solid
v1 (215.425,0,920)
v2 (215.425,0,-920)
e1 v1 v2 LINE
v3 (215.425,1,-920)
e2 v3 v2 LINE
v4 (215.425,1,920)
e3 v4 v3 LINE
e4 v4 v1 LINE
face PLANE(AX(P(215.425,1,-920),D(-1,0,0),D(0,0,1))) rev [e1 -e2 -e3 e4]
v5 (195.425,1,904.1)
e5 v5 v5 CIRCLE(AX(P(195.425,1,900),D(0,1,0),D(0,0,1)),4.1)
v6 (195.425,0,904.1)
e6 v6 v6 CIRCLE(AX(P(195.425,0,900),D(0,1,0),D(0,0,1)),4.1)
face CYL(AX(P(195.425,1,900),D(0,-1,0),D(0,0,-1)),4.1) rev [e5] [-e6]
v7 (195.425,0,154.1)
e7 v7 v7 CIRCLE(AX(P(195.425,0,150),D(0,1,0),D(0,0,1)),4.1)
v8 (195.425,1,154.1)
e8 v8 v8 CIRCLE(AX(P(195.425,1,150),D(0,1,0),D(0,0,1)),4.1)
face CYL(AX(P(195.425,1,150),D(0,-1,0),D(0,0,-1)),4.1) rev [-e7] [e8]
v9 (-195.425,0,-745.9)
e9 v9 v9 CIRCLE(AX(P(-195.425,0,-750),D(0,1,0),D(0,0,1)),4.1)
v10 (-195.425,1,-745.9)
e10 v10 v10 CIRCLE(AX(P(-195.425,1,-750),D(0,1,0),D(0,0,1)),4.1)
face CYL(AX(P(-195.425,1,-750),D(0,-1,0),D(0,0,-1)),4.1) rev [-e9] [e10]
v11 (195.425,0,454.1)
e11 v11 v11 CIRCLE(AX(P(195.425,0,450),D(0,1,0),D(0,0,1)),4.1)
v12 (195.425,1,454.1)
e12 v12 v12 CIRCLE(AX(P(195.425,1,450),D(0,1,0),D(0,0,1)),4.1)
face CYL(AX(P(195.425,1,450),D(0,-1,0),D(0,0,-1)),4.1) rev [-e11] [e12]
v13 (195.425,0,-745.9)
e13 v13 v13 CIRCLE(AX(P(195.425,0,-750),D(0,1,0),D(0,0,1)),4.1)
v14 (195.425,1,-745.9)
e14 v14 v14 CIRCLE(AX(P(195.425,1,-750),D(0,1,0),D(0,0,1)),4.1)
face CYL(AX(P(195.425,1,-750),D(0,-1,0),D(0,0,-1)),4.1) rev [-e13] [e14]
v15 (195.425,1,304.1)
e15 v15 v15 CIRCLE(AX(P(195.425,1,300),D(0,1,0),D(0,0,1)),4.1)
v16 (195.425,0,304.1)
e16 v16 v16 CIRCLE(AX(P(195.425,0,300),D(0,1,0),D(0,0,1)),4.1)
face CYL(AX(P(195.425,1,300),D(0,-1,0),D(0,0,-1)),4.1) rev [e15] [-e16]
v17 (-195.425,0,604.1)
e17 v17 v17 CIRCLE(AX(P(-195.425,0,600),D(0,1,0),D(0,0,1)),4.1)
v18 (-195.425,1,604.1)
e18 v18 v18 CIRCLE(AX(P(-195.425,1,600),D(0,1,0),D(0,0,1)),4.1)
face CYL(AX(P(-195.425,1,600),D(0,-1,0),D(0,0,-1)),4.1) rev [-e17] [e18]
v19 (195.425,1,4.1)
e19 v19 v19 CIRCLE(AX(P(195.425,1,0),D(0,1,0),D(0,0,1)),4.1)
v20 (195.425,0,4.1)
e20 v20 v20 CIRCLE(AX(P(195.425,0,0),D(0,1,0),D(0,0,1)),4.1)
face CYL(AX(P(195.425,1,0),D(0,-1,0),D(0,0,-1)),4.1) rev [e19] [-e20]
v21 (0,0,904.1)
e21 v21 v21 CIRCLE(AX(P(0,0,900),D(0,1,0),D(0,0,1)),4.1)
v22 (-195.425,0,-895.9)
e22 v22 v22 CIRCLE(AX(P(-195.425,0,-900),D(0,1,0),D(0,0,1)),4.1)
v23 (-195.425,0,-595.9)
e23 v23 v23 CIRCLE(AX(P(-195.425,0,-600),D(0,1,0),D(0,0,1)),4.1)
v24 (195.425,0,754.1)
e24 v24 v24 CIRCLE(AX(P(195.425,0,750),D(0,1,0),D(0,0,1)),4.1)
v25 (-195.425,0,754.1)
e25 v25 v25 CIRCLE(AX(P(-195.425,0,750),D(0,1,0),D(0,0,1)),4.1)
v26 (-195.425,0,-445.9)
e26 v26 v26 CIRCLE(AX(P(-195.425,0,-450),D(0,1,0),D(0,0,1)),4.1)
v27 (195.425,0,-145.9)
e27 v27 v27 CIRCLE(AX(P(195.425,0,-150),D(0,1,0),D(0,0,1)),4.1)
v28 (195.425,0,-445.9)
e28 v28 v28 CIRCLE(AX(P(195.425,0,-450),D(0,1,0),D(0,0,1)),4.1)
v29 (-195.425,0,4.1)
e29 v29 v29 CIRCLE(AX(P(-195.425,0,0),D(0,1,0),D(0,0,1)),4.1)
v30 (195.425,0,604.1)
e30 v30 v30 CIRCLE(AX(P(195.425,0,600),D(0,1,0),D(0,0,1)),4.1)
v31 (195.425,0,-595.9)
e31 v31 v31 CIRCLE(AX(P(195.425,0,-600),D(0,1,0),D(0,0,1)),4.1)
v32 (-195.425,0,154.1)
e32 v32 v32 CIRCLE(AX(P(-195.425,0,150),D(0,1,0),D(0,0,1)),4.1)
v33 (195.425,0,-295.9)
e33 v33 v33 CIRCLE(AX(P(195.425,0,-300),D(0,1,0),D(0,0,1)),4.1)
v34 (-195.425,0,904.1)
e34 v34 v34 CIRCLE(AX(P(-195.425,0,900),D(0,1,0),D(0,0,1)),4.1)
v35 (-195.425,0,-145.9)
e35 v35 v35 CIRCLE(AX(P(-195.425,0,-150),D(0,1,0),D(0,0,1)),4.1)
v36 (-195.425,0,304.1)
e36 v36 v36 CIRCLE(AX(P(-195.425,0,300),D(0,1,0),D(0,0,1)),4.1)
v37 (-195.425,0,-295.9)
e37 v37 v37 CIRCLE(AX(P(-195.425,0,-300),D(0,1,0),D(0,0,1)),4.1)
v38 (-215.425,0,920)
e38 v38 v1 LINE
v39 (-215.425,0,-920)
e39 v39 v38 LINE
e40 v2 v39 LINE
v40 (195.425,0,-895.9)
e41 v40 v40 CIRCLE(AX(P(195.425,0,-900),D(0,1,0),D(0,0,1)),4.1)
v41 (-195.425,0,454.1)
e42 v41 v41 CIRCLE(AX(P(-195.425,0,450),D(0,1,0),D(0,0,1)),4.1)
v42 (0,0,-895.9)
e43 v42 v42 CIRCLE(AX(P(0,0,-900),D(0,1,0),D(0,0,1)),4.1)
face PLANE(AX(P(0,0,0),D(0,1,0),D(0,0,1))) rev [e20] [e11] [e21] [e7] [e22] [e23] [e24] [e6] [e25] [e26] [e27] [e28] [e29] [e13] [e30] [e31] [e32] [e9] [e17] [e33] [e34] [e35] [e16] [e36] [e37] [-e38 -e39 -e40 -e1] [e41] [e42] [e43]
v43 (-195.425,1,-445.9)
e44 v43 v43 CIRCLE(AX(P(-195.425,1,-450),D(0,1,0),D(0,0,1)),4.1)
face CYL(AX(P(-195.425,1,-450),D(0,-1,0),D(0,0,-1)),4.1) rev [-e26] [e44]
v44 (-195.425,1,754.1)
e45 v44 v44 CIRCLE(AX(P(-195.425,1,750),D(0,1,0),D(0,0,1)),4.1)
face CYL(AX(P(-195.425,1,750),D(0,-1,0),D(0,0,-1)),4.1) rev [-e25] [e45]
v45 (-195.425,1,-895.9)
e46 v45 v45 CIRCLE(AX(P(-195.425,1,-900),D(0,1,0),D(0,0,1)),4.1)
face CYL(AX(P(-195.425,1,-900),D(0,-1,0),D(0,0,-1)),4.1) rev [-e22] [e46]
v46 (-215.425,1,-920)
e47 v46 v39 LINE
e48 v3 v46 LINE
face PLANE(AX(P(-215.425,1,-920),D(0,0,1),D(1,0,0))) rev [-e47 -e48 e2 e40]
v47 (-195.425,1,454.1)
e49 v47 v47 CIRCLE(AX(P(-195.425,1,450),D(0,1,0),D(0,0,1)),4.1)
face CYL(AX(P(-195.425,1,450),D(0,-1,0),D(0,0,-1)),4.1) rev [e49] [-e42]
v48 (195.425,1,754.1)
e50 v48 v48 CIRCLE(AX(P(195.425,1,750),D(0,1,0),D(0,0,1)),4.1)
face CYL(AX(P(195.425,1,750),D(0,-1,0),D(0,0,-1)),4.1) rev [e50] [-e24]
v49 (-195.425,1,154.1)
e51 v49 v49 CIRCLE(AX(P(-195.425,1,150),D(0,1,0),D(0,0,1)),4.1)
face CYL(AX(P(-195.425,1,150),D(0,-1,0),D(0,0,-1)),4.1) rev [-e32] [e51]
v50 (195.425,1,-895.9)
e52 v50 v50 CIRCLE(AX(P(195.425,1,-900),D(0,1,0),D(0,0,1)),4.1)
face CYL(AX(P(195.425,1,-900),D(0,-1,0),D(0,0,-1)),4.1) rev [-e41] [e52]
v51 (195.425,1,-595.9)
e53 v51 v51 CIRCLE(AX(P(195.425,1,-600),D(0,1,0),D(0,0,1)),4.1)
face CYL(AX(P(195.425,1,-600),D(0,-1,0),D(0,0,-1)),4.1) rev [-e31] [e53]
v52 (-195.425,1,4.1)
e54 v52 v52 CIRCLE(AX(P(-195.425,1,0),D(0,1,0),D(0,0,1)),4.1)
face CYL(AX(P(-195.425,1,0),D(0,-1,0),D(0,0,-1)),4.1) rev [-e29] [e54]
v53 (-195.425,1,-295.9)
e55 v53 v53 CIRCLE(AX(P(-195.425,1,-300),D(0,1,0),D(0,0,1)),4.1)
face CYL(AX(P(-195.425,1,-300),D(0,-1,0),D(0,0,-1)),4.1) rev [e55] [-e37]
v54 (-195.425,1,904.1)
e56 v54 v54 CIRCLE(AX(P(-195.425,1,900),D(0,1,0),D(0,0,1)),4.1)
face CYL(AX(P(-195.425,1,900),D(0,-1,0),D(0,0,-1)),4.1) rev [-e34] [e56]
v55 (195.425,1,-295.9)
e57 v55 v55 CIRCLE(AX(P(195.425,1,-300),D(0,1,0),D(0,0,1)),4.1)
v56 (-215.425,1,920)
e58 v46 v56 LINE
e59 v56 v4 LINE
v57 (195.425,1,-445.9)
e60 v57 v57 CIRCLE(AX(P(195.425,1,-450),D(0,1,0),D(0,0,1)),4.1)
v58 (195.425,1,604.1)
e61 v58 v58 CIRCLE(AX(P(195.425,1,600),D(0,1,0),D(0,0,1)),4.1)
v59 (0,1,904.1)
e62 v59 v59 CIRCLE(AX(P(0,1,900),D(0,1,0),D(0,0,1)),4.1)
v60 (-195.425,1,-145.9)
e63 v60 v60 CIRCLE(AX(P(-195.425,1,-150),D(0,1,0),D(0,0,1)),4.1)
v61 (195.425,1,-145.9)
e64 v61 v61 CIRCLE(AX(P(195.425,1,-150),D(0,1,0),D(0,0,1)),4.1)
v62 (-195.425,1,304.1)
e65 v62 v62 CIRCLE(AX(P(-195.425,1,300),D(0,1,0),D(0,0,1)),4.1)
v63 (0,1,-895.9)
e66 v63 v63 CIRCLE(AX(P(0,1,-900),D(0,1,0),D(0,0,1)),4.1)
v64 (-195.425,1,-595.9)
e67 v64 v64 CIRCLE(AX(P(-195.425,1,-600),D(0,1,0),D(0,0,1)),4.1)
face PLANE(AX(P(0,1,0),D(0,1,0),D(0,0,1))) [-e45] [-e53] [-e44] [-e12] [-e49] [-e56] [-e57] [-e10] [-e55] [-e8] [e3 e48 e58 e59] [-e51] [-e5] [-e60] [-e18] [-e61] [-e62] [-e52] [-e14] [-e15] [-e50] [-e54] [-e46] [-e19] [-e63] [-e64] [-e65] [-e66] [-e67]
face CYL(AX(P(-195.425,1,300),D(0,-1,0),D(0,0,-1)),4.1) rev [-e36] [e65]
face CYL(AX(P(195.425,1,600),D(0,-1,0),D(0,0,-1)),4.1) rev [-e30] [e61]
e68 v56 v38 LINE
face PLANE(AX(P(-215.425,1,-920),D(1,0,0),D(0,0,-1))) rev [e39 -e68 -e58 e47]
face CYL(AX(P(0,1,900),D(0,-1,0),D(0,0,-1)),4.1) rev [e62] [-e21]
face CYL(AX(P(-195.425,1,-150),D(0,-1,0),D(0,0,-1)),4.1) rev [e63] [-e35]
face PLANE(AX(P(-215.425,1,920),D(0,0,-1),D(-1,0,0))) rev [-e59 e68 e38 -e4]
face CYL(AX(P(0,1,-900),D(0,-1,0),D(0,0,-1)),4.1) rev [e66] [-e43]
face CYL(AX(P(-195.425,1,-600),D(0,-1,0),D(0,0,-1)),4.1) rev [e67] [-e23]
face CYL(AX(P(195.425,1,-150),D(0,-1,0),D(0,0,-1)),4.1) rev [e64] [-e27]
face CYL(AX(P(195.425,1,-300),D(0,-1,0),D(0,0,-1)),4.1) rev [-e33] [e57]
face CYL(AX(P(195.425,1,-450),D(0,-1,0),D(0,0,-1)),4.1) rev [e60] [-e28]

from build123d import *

# Parameters (mm, degrees)
SKETCH1_W           = 430.85
SKETCH1_H           = 1840
SKETCH1_R           = 4.1
BOSS_EXTRUDE1_DEPTH = 1


with BuildPart() as part:
    # Sketch1 → Boss-Extrude1 (new body)
    with BuildSketch(Plane(origin=(0, 0, 0), x_dir=(1, 0, 0), z_dir=(0, 1, 0))):
        Rectangle(SKETCH1_W, SKETCH1_H)
        with Locations(Location((-195.425, 900, 0), (0, 0, 270))):
            Circle(SKETCH1_R, mode=Mode.SUBTRACT)
        with Locations(Location((195.425, 900, 0), (0, 0, 270))):
            Circle(SKETCH1_R, mode=Mode.SUBTRACT)
        with Locations(Location((-195.425, 750, 0), (0, 0, 270))):
            Circle(SKETCH1_R, mode=Mode.SUBTRACT)
        with Locations(Location((195.425, 750, 0), (0, 0, 270))):
            Circle(SKETCH1_R, mode=Mode.SUBTRACT)
        with Locations(Location((-195.425, 600, 0), (0, 0, 270))):
            Circle(SKETCH1_R, mode=Mode.SUBTRACT)
        with Locations(Location((195.425, 600, 0), (0, 0, 270))):
            Circle(SKETCH1_R, mode=Mode.SUBTRACT)
        with Locations(Location((-195.425, 450, 0), (0, 0, 270))):
            Circle(SKETCH1_R, mode=Mode.SUBTRACT)
        with Locations(Location((195.425, 450, 0), (0, 0, 270))):
            Circle(SKETCH1_R, mode=Mode.SUBTRACT)
        with Locations(Location((-195.425, 300, 0), (0, 0, 270))):
            Circle(SKETCH1_R, mode=Mode.SUBTRACT)
        with Locations(Location((195.425, 300, 0), (0, 0, 270))):
            Circle(SKETCH1_R, mode=Mode.SUBTRACT)
        with Locations(Location((-195.425, 150, 0), (0, 0, 270))):
            Circle(SKETCH1_R, mode=Mode.SUBTRACT)
        with Locations(Location((195.425, 150, 0), (0, 0, 270))):
            Circle(SKETCH1_R, mode=Mode.SUBTRACT)
        with Locations(Location((-195.425, 0, 0), (0, 0, 270))):
            Circle(SKETCH1_R, mode=Mode.SUBTRACT)
        with Locations(Location((195.425, 0, 0), (0, 0, 270))):
            Circle(SKETCH1_R, mode=Mode.SUBTRACT)
        with Locations(Location((-195.425, -150, 0), (0, 0, 270))):
            Circle(SKETCH1_R, mode=Mode.SUBTRACT)
        with Locations(Location((195.425, -150, 0), (0, 0, 270))):
            Circle(SKETCH1_R, mode=Mode.SUBTRACT)
        with Locations(Location((-195.425, -300, 0), (0, 0, 270))):
            Circle(SKETCH1_R, mode=Mode.SUBTRACT)
        with Locations(Location((195.425, -300, 0), (0, 0, 270))):
            Circle(SKETCH1_R, mode=Mode.SUBTRACT)
        with Locations(Location((-195.425, -450, 0), (0, 0, 270))):
            Circle(SKETCH1_R, mode=Mode.SUBTRACT)
        with Locations(Location((195.425, -450, 0), (0, 0, 270))):
            Circle(SKETCH1_R, mode=Mode.SUBTRACT)
        with Locations(Location((-195.425, -600, 0), (0, 0, 270))):
            Circle(SKETCH1_R, mode=Mode.SUBTRACT)
        with Locations(Location((195.425, -600, 0), (0, 0, 270))):
            Circle(SKETCH1_R, mode=Mode.SUBTRACT)
        with Locations(Location((-195.425, -750, 0), (0, 0, 270))):
            Circle(SKETCH1_R, mode=Mode.SUBTRACT)
        with Locations(Location((195.425, -750, 0), (0, 0, 270))):
            Circle(SKETCH1_R, mode=Mode.SUBTRACT)
        with Locations(Location((-195.425, -900, 0), (0, 0, 270))):
            Circle(SKETCH1_R, mode=Mode.SUBTRACT)
        with Locations(Location((195.425, -900, 0), (0, 0, 270))):
            Circle(SKETCH1_R, mode=Mode.SUBTRACT)
        with Locations(Location((0, -900, 0), (0, 0, 270))):
            Circle(SKETCH1_R, mode=Mode.SUBTRACT)
        with Locations(Location((0, 900, 0), (0, 0, 270))):
            Circle(SKETCH1_R, mode=Mode.SUBTRACT)
    extrude(amount=BOSS_EXTRUDE1_DEPTH)


solid = part.part
